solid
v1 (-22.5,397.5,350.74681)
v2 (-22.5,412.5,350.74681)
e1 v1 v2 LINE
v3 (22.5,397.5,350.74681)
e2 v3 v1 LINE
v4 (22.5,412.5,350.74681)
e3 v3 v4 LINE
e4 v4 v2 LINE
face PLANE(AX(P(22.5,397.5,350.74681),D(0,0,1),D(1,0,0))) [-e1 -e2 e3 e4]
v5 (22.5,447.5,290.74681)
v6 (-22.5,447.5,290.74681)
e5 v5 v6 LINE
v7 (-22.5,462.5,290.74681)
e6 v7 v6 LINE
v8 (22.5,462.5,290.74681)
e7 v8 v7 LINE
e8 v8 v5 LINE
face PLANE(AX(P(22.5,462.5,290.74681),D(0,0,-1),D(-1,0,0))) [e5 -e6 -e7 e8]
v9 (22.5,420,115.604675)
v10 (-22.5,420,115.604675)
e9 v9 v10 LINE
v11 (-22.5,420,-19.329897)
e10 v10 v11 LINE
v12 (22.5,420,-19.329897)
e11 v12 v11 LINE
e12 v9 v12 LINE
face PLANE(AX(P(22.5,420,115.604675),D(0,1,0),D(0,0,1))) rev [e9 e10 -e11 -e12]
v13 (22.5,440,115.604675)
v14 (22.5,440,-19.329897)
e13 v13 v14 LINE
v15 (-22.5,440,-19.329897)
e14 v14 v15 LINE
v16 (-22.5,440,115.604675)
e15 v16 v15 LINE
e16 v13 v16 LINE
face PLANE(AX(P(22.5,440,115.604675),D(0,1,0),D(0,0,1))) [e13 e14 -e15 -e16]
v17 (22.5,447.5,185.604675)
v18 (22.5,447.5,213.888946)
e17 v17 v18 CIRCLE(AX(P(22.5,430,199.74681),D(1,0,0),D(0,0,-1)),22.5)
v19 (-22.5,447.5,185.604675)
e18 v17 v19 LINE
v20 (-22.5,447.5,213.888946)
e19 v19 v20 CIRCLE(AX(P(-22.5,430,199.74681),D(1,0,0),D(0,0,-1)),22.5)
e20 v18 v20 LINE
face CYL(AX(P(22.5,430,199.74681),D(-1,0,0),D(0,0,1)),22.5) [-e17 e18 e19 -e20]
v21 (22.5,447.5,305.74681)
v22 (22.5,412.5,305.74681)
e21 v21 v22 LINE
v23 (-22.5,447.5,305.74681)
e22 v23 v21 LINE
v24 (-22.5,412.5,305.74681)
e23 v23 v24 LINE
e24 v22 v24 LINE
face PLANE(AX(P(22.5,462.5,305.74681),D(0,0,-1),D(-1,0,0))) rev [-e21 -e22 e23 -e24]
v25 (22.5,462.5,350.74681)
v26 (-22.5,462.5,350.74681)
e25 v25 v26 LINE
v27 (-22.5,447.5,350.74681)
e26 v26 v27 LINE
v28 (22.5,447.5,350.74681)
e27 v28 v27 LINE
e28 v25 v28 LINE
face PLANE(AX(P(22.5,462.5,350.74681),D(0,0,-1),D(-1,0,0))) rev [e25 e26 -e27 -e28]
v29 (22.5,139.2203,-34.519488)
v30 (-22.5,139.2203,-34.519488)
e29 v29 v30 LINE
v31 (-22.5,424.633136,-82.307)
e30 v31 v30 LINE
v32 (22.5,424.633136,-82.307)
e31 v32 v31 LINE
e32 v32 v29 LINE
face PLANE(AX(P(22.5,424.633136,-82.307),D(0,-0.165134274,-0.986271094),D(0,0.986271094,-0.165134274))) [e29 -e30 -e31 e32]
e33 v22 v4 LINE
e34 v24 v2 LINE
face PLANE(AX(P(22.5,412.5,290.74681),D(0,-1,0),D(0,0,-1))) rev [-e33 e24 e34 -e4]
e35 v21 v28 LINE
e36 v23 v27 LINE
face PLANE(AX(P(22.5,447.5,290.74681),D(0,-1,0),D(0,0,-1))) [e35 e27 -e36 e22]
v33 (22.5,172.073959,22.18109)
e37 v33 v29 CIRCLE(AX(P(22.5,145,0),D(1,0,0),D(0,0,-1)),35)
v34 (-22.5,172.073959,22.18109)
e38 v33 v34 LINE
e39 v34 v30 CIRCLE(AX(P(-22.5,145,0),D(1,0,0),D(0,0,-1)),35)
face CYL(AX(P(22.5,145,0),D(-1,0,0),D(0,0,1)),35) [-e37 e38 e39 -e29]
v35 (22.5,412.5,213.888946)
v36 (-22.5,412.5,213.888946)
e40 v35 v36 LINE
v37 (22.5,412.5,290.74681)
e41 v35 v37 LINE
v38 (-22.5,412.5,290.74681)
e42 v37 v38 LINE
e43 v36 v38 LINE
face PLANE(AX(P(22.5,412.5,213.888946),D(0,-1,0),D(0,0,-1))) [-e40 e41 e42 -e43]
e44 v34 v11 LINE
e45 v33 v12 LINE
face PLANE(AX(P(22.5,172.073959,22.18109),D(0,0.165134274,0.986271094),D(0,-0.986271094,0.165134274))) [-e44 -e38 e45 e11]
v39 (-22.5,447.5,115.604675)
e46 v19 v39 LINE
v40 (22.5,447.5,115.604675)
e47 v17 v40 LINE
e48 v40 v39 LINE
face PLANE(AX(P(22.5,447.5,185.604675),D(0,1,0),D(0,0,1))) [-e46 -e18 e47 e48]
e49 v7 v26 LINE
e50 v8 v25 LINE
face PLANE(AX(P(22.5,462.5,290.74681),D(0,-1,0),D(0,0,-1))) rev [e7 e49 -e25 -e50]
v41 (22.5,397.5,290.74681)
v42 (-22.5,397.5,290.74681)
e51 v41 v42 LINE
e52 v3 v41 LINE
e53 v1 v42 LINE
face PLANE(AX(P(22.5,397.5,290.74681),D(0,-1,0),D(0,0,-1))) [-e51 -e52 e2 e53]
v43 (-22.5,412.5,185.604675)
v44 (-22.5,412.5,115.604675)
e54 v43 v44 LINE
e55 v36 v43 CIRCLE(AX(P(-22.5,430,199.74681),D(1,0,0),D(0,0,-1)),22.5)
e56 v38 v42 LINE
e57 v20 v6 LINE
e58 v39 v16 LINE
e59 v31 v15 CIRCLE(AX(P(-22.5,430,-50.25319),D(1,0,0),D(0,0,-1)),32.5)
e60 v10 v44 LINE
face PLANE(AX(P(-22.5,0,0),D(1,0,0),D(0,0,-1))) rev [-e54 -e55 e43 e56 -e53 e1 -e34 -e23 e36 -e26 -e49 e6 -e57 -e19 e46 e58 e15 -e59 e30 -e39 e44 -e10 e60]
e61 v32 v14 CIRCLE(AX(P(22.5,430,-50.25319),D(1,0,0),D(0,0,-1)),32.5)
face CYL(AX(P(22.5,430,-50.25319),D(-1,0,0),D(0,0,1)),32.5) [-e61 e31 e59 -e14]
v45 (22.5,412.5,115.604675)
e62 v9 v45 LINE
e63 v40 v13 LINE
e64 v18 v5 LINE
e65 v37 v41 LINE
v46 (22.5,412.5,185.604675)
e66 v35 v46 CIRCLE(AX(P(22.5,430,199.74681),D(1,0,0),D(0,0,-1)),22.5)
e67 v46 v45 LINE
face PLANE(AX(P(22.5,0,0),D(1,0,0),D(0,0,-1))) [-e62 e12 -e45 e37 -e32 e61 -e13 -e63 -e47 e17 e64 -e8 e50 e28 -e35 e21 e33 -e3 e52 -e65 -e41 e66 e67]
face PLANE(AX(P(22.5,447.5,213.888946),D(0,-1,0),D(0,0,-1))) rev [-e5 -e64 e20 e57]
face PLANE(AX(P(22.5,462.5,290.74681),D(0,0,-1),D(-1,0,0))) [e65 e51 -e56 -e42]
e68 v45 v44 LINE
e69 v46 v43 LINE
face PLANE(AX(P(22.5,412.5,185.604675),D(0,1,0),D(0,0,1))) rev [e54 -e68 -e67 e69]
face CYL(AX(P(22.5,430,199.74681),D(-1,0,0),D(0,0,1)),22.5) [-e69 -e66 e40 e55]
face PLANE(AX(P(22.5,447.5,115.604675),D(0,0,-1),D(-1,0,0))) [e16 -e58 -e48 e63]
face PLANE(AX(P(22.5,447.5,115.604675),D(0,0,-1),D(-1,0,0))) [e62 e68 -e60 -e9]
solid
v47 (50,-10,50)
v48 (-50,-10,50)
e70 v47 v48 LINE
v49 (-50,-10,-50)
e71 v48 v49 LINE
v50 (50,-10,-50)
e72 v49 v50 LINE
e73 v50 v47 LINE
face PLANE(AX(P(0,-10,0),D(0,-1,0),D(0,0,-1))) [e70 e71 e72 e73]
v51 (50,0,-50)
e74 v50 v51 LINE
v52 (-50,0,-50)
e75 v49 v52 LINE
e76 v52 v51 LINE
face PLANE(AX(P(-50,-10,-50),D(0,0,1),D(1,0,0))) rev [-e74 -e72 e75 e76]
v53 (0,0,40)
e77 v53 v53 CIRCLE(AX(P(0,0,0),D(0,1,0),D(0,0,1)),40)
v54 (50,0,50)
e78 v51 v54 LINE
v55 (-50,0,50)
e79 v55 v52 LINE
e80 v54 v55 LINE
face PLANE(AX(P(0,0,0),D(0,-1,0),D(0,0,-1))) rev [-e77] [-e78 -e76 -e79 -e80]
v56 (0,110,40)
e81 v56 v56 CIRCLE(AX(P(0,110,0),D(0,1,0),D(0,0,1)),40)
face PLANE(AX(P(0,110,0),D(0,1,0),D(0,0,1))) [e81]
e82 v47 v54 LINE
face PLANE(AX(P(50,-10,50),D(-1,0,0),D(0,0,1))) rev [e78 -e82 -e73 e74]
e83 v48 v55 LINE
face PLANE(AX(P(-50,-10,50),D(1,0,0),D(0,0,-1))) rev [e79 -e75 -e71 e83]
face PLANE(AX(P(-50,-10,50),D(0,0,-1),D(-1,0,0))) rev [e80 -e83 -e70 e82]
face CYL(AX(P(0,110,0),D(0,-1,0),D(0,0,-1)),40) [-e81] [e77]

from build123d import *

# Parameters (mm, degrees)
SKETCH1_R           = 40
BOSS_EXTRUDE1_DEPTH = 110
SKETCH2_W           = 100
SKETCH2_H           = 100
BOSS_EXTRUDE2_DEPTH = 10
BOSS_EXTRUDE3_DEPTH = 22.5


with BuildPart() as part:
    # Sketch1 → Boss-Extrude1 (new body)
    with BuildSketch(Plane(origin=(0, 0, 0), x_dir=(1, 0, 0), z_dir=(0, 1, 0))):
        with Locations(Location((0, 0, 0), (0, 0, 270))):
            Circle(SKETCH1_R)
    extrude(amount=BOSS_EXTRUDE1_DEPTH)

    # Sketch2 → Boss-Extrude2 (add)
    with BuildSketch(Plane.XZ):
        Rectangle(SKETCH2_W, SKETCH2_H)
    extrude(amount=BOSS_EXTRUDE2_DEPTH)


with BuildPart() as body_2:
    # Sketch3 → Boss-Extrude3 (new, symmetric)
    with BuildSketch(Plane(origin=(0, 0, 0), x_dir=(0, 0, -1), z_dir=(1, 0, 0))):
        with BuildLine():
            ThreePointArc((-22.181090039, 172.073958792), (-17.54707199, 114.716336672), (34.5194883, 139.220300396))
            Line((34.5194883, 139.220300396), (82.307000066, 424.633136082))
            ThreePointArc((82.307000066, 424.633136082), (57.957386061, 461.5736497), (19.32989731, 440))
            Line((19.32989731, 440), (-115.604674874, 440))
            Line((-115.604674874, 440), (-115.604674874, 447.5))
            Line((-115.604674874, 447.5), (-185.604674874, 447.5))
            ThreePointArc((-185.604674874, 447.5), (-199.746810498, 452.5), (-213.888946122, 447.5))
            Line((-213.888946122, 447.5), (-290.746810498, 447.5))
            Line((-290.746810498, 447.5), (-290.746810498, 462.5))
            Line((-290.746810498, 462.5), (-350.746810498, 462.5))
            Line((-350.746810498, 462.5), (-350.746810498, 447.5))
            Line((-350.746810498, 447.5), (-305.746810498, 447.5))
            Line((-305.746810498, 447.5), (-305.746810498, 412.5))
            Line((-305.746810498, 412.5), (-350.746810498, 412.5))
            Line((-350.746810498, 412.5), (-350.746810498, 397.5))
            Line((-350.746810498, 397.5), (-290.746810498, 397.5))
            Line((-290.746810498, 397.5), (-290.746810498, 412.5))
            Line((-290.746810498, 412.5), (-213.888946122, 412.5))
            ThreePointArc((-213.888946122, 412.5), (-199.746810498, 407.5), (-185.604674874, 412.5))
            Line((-185.604674874, 412.5), (-115.604674874, 412.5))
            Line((-115.604674874, 412.5), (-115.604674874, 420))
            Line((-115.604674874, 420), (19.32989731, 420))
            Line((19.32989731, 420), (-22.181090039, 172.073958792))
        make_face()
    extrude(amount=BOSS_EXTRUDE3_DEPTH, both=True)


solid = Compound([part.part, body_2.part])
